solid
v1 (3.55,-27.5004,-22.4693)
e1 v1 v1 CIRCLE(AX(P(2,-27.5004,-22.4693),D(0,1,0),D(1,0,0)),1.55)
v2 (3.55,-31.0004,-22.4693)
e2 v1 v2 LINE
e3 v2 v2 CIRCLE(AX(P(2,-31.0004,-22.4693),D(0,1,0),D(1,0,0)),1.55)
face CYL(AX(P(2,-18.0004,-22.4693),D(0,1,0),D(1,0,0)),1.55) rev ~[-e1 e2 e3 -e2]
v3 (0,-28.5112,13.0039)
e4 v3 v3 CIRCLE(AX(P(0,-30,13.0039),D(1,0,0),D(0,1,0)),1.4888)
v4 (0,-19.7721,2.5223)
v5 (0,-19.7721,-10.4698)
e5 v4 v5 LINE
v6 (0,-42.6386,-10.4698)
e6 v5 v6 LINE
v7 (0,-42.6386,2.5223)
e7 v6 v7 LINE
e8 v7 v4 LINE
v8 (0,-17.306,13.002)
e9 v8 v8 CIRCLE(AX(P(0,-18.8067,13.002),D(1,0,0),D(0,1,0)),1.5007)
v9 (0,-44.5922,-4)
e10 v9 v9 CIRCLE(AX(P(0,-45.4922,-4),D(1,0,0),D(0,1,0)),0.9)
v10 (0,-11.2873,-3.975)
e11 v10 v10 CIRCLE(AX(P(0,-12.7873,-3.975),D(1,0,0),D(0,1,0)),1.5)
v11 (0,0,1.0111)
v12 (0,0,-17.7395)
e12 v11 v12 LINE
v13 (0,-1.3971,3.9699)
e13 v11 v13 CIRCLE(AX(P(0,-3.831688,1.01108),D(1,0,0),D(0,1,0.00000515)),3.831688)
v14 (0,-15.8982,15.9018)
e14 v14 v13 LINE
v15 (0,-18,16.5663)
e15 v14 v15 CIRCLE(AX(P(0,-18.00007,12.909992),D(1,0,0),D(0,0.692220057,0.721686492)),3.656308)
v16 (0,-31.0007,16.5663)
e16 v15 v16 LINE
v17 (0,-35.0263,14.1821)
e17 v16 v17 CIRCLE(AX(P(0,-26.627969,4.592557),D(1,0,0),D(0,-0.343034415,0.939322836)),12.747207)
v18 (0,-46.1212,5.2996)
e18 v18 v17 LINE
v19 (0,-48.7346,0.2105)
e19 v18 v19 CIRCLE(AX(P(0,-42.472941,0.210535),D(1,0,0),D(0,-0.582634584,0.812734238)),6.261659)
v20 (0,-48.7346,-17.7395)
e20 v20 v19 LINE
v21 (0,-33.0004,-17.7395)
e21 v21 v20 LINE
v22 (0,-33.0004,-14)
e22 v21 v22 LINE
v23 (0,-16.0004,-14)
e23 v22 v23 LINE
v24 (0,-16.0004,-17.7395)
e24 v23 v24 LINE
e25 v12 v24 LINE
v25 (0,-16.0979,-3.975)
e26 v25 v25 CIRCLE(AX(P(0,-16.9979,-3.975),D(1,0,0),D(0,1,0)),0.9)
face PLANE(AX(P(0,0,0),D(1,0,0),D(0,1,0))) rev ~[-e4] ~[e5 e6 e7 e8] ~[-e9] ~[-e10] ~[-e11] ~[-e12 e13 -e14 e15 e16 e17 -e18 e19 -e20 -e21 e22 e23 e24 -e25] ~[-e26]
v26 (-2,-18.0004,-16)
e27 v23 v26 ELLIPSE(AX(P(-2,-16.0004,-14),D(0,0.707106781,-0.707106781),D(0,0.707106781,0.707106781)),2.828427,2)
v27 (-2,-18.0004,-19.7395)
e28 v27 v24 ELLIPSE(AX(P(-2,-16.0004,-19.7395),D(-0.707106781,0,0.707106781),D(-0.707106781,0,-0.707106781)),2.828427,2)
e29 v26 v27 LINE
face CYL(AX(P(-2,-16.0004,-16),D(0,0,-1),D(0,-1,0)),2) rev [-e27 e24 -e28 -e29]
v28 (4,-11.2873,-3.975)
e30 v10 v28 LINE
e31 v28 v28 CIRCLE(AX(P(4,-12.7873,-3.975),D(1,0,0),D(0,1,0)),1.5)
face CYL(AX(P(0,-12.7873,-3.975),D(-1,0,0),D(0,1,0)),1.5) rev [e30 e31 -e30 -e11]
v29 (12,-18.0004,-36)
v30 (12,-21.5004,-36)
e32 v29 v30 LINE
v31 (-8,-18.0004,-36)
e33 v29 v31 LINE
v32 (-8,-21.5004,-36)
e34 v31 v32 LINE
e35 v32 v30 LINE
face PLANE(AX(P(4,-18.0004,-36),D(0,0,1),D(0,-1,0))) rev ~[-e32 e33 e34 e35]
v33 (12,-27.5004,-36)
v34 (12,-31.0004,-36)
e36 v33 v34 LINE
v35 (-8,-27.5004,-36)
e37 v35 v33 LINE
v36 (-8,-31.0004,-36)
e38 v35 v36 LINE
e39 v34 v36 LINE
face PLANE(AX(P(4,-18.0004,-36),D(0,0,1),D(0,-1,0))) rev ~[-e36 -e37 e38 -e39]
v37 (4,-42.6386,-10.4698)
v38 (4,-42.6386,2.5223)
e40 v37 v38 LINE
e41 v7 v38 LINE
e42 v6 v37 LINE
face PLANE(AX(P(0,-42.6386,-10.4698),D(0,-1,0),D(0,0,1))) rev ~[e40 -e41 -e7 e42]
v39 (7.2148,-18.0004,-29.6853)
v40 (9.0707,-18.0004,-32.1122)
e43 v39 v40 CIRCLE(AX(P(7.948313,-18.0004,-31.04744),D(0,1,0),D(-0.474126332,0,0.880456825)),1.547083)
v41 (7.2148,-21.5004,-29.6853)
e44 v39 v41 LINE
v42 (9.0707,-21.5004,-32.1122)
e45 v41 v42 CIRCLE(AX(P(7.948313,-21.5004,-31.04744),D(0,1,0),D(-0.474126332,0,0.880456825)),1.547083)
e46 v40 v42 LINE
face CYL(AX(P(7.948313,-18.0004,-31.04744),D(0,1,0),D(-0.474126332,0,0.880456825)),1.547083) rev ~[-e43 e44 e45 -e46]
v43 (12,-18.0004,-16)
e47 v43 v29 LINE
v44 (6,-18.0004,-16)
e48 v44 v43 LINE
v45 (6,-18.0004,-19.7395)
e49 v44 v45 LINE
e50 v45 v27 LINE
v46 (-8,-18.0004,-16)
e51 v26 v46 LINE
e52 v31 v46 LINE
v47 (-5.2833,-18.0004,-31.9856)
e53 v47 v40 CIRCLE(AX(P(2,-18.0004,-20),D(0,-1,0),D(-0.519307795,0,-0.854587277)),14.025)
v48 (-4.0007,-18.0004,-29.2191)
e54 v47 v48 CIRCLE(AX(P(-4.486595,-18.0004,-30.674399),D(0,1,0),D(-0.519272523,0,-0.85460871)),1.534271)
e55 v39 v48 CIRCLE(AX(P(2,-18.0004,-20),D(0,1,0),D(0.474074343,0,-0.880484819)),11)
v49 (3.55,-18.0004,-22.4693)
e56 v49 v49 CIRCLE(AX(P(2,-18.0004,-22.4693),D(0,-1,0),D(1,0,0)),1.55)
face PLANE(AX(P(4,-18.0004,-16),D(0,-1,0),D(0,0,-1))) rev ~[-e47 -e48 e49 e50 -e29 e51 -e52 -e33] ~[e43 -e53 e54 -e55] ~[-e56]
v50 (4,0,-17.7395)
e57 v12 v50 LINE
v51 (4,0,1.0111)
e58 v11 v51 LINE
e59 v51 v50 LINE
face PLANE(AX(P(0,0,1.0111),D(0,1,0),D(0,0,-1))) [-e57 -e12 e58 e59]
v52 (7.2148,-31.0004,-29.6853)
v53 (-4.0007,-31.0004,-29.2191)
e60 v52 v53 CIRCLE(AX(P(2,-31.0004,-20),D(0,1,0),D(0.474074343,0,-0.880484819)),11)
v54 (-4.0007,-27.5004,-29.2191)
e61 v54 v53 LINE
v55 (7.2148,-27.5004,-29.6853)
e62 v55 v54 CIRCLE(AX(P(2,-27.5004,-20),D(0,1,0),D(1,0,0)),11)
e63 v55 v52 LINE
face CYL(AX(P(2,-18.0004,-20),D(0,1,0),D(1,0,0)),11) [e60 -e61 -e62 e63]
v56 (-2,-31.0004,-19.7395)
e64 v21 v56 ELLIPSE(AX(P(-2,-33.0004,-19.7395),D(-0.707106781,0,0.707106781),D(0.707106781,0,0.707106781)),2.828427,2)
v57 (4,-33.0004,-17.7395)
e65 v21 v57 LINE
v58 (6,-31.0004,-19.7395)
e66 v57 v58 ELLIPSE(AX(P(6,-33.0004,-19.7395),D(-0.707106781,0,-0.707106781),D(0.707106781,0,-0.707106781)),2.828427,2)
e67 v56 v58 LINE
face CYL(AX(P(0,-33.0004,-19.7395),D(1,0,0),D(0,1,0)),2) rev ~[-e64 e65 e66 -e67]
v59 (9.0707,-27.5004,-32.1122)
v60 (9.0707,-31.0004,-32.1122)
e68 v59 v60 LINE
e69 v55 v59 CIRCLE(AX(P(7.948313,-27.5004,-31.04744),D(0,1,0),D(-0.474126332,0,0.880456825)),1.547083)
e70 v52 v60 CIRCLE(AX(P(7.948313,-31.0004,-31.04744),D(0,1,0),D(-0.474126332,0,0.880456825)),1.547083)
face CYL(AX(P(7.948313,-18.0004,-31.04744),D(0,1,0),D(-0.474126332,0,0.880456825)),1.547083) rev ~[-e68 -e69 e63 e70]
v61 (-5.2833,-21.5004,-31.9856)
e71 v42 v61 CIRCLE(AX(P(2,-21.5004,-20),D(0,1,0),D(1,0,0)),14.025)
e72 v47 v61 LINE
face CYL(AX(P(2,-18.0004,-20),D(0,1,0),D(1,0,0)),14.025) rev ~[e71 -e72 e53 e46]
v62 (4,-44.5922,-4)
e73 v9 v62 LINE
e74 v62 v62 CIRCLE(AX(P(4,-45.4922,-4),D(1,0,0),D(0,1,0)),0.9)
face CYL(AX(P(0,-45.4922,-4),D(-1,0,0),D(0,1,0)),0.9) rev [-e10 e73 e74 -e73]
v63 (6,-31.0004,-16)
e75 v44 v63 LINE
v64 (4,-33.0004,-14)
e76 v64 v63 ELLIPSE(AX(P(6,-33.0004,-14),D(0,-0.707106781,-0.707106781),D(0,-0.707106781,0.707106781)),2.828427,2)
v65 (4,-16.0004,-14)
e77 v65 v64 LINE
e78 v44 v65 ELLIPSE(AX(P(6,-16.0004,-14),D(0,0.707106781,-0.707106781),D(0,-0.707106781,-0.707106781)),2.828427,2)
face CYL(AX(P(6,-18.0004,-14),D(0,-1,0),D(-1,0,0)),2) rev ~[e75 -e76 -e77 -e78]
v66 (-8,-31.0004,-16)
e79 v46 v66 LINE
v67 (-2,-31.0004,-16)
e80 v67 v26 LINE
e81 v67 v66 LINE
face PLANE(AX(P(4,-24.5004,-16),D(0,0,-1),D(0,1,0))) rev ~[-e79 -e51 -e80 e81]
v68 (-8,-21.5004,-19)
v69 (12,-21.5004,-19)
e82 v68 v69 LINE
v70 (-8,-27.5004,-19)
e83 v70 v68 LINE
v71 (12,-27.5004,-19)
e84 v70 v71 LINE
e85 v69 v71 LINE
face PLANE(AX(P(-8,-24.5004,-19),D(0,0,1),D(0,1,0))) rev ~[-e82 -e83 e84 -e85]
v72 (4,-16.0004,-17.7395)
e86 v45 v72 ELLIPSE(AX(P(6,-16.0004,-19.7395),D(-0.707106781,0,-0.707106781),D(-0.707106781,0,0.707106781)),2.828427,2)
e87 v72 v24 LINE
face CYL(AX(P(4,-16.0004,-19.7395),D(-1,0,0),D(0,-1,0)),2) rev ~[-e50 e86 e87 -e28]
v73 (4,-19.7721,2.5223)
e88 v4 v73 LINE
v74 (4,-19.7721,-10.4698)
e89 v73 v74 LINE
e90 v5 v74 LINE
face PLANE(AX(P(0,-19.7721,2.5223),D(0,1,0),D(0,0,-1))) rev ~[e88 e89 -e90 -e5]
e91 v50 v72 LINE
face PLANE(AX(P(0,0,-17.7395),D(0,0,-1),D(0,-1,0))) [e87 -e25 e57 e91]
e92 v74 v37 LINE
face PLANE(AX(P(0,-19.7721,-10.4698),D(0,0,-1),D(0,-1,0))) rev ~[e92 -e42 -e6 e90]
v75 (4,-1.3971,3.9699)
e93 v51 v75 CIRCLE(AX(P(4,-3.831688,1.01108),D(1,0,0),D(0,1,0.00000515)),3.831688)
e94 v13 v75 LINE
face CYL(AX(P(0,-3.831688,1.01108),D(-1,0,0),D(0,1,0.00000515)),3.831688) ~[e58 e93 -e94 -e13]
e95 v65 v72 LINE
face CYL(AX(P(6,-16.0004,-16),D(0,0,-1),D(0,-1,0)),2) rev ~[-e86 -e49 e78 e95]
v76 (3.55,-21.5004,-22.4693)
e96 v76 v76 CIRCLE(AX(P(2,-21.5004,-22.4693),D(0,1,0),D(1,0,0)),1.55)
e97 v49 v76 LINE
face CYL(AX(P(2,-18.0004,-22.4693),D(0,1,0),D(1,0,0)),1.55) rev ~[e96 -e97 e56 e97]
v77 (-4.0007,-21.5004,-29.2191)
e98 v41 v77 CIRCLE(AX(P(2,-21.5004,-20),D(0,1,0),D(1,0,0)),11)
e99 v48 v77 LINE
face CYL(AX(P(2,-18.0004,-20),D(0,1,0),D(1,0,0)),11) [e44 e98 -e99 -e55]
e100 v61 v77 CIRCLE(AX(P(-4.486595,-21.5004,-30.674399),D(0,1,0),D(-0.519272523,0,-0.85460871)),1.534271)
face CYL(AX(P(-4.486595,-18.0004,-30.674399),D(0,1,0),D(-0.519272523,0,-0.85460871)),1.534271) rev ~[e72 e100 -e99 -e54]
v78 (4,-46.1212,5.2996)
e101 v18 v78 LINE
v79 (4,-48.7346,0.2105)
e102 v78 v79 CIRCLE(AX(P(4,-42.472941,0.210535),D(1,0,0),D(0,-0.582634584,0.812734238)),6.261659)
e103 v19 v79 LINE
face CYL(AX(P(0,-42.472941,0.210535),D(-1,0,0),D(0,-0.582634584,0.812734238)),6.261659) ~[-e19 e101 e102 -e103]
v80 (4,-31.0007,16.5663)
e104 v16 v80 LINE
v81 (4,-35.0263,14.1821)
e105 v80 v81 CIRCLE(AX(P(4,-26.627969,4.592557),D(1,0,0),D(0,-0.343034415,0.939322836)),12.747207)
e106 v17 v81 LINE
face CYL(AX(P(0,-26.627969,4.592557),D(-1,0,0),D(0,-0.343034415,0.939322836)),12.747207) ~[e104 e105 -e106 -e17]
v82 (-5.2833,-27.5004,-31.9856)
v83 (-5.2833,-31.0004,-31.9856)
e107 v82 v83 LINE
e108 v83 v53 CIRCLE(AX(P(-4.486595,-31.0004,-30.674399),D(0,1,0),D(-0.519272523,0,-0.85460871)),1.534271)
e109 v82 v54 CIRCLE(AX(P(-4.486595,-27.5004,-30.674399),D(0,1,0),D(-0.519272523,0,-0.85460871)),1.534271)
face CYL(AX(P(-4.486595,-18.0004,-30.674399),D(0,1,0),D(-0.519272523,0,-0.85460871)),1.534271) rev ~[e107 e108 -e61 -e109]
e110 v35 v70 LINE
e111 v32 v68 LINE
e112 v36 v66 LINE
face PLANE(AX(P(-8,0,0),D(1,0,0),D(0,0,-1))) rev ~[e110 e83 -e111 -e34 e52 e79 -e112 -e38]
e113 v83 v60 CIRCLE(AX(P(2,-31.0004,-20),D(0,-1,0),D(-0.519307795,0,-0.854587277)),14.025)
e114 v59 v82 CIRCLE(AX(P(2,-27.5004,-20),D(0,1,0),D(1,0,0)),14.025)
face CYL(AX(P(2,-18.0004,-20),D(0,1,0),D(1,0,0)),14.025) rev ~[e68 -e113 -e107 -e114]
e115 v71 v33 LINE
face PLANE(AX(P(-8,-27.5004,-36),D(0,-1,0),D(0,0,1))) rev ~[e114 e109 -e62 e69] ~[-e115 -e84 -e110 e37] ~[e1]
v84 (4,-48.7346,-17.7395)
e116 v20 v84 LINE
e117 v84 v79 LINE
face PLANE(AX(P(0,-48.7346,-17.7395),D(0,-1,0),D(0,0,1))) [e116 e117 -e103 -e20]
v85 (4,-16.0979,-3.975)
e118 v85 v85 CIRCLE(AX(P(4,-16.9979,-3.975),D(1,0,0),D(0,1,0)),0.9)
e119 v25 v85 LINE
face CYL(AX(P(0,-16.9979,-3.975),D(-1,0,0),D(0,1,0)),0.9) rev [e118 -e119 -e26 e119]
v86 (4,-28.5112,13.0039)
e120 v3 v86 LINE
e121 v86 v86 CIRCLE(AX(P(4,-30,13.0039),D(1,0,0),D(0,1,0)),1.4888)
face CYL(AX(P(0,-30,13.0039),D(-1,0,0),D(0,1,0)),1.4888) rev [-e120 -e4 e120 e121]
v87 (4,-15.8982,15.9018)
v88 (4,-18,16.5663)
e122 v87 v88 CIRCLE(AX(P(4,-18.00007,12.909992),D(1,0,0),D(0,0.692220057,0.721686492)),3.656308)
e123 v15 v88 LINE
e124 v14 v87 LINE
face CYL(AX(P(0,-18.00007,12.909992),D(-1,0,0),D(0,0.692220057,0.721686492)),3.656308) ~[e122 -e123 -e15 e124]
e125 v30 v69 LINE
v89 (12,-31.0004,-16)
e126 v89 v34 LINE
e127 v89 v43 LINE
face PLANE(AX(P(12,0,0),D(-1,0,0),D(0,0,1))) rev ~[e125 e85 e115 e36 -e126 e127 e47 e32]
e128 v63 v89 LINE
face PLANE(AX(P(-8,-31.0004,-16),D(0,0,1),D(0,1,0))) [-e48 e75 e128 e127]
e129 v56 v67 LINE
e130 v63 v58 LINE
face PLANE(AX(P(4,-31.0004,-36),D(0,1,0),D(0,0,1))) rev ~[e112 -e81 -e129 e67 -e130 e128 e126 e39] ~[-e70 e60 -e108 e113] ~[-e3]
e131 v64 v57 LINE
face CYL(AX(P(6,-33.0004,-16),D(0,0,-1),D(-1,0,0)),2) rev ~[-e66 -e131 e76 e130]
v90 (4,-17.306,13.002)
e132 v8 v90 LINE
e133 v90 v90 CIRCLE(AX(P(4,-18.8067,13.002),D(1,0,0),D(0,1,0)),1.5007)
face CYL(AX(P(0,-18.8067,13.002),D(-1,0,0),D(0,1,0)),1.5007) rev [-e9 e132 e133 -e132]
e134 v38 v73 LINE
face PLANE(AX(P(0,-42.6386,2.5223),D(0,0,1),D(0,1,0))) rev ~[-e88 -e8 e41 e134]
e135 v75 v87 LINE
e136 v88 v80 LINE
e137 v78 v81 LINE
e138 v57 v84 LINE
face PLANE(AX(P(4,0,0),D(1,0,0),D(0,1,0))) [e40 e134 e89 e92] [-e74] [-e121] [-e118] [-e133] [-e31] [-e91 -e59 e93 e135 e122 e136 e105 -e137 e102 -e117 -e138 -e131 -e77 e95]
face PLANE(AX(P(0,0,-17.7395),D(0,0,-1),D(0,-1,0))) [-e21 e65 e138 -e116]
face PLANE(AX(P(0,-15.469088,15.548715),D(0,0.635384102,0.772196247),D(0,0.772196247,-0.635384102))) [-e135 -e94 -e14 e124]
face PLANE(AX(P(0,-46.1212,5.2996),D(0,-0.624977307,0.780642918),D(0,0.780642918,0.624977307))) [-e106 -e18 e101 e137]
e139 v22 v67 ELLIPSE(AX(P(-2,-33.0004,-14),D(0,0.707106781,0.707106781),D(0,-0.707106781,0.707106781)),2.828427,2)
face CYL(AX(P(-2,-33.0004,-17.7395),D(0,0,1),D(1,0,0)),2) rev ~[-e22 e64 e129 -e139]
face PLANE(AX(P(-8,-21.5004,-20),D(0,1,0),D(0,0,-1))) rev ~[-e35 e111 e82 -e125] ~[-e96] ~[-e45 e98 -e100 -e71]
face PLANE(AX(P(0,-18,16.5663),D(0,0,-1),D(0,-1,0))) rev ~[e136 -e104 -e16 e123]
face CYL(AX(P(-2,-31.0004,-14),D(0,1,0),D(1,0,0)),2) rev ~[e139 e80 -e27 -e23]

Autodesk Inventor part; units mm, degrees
ref_plane "YZ Plane" through (0, 0, 0) normal (1, 0, 0) x (0, 1, 0)
ref_plane "XZ Plane" through (0, 0, 0) normal (0, 1, 0) x (-1, 0, 0)
ref_plane "XY Plane" through (0, 0, 0) normal (0, 0, 1) x (1, 0, 0)
sketch "Szkic1" plane through (0, 0, 0) normal (1, 0, 0) x (0, 1, 0)
  line L0 (0, 1.0111) -> (0, -17.7395)
  line L1 (0, -17.7395) -> (-48.7346, -17.7395)
  line L2 (-48.7346, -17.7395) -> (-48.7346, 0.2105)
  arc A0 (-46.1212, 5.2996) -> (-48.7346, 0.2105) centre (-42.4729, 0.2105) ccw
  line L3 (-46.1212, 5.2996) -> (-35.0263, 14.1821)
  arc A1 (-31.0007, 16.5663) -> (-35.0263, 14.1821) centre (-26.6278, 4.5922) ccw
  arc A2 (-15.4691, 15.5487) -> (-18, 16.5663) centre (-18, 12.9101) ccw
  arc A3 (0, 1.0111) -> (-1.3971, 3.9699) centre (-3.8316, 1.0111) ccw
  line L4 (-15.8982, 15.9018) -> (-1.3971, 3.9699)
  line L5 (-18, 16.5663) -> (-31.0007, 16.5663)
  circle A4 centre (-18.8067, 13.002) radius 1.5007
  circle A5 centre (-30, 13.0039) radius 1.4888
  circle A6 centre (-45.4922, -4) radius 0.9
  circle A7 centre (-12.7873, -3.975) radius 1.5
  circle A8 centre (-16.9979, -3.975) radius 0.9
  line L6 (-19.7721, 2.5223) -> (-19.7721, -10.4698)
  line L7 (-19.7721, -10.4698) -> (-42.6386, -10.4698)
  line L8 (-42.6386, -10.4698) -> (-42.6386, 2.5223)
  line L9 (-42.6386, 2.5223) -> (-19.7721, 2.5223)
  point P0 (0, 0)
  point P1 (0, -22.6354)
  dimension "d0" = 1.8
  dimension "d1" = 3
  dimension "d2" = 1.8
extrude "Wyciągnięcie proste1" add sketch "Szkic1" along normal blind 4 contours L0 L1 L2 A0 L3 A1 L5 A2 L4 A3
sketch "Szkic2" plane through (4, 0, 0) normal (1, 0, 0) x (0, 0, -1)
  line L0 (-16.5663, -18) -> (-16.5663, -31.0007) projected
  line L1 (-16.5663, -24.5004) -> (42, -24.5004)
  line L2 (16, -18.0004) -> (36, -18.0004)
  line L3 (36, -18.0004) -> (36, -31.0004)
  line L4 (36, -31.0004) -> (16, -31.0004)
  line L5 (16, -31.0004) -> (16, -18.0004)
  point P0 (0, 0)
  dimension "d5" = 20
  dimension "d6" = 13
extrude "Wyciągnięcie proste2" add sketch "Szkic2" against normal blind 12
sketch "Szkic3" plane through (-8, 0, 0) normal (-1, 0, 0) x (0, 0, 1)
  line L0 (-17.7395, -18.0004) -> (-16, -18.0004) projected
  line L1 (-36, -31.0004) -> (-17.7395, -31.0004) projected
  line L2 (-16, -18.0004) -> (-36, -18.0004)
  line L3 (-36, -18.0004) -> (-36, -31.0004)
  line L4 (-36, -31.0004) -> (-16, -31.0004)
  line L5 (-16, -31.0004) -> (-16, -18.0004)
  point P0 (0, 0)
extrude "Wyciągnięcie proste3" add sketch "Szkic3" against normal blind 20
sketch "Szkic4" plane through (-8, -31.0004, -36) normal (0, 0, -1) x (-1, 0, 0)
  point P0 (-8, 31.0004)
sketch "Szkic5" plane through (-8, 0, 0) normal (-1, 0, 0) x (0, 0, 1)
  line L0 (-36, -18.0004) -> (-36, -31.0004) projected
  line L1 (-36, -27.5004) -> (-19, -27.5004)
  line L2 (-19, -27.5004) -> (-19, -21.5004)
  line L3 (-19, -21.5004) -> (-36, -21.5004)
  line L4 (-36, -21.5004) -> (-36, -27.5004)
  line L5 (-16, -31.0004) -> (-16, -18.0004) projected
  line L6 (-16, -24.5004) -> (-39.2975, -24.5004)
  line L7 (-20, -27) -> (-36, -27)
  line L8 (-36, -27) -> (-36, -21)
  line L9 (-36, -21) -> (-20, -21)
  line L10 (-20, -21) -> (-20, -27)
  point P0 (0, 0)
  dimension "d23" = 6
fillet "Zaokrąglenie1" radius 2 8 edges at (0, -31.0004, -16.8697) (0, -24.5004, -16) (0, -18.0004, -16.8697) (2, -18.0004, -17.7395) (4, -18.0004, -16.8697) (4, -24.5004, -16) (4, -31.0004, -16.8697) (2, -31.0004, -17.7395)
sketch "Szkic6" plane through (-8, -18.0004, -16) normal (0, 1, 0) x (1, 0, 0)
  line L0 (20, 20) -> (0, 20) projected
  line L1 (10, 20) -> (10, -8)
  circle A0 centre (10, 6.4693) radius 1.55
  arc A1 (15.9953, 14.4545) -> (4.2067, 14.6022) centre (10, 6.4693) ccw
  arc A2 (17.6193, 17.0025) -> (1.6495, 16.4327) centre (10, 6.4693) ccw
  arc A3 (15.9953, 14.4545) -> (17.6193, 17.0025) centre (16.7323, 15.7763) ccw
  arc A4 (1.6495, 16.4327) -> (4.2067, 14.6022) centre (3.2422, 15.9562) ccw
  line L2 (15.8971, 14.5272) -> (16.0005, 14.4516)
  line L3 (1.7865, 16.546) -> (1.6196, 16.3179)
  point P0 (8, -16)
  dimension "d14" = 3.1
  dimension "d17" = 26
extrude "Wyciągnięcie proste5" cut sketch "Szkic6" against normal blind 20 contours A0 L1 | L1 A0
sketch "Szkic7" plane through (-8, -18.0004, -16) normal (0, 1, 0) x (1, 0, 0)
  line L0 (0, 20) -> (20, 20) projected
  line L1 (10, 20) -> (10, -4.2283)
  line L2 (20, 20) -> (20, 0) projected
  circle A0 centre (10, 4) radius 11
  circle A1 centre (10, 4) radius 14.025
  arc A2 (15.2148, 13.6853) -> (17.0707, 16.1122) centre (15.9483, 15.0475) ccw
  arc A3 (2.7167, 15.9856) -> (3.9993, 13.2191) centre (3.5134, 14.6744) ccw
  point P0 (8, -16)
  dimension "d18" = 10
  dimension "d19" = 22
  dimension "d20" = 28.05
extrude "Wyciągnięcie proste6" cut sketch "Szkic7" against normal blind 20 contours A1 A2 A0 L1 | L1 A0 A3 A1
extrude "Wyciągnięcie proste7" cut sketch "Szkic5" against normal up to next contours L3 L10 L6 L0 | L6 L10 L7 L0 | L3 L2 L6 L10 | L7 L10 L6 L2 L1 L0
properties part number "czesc glowna chwytaka"
